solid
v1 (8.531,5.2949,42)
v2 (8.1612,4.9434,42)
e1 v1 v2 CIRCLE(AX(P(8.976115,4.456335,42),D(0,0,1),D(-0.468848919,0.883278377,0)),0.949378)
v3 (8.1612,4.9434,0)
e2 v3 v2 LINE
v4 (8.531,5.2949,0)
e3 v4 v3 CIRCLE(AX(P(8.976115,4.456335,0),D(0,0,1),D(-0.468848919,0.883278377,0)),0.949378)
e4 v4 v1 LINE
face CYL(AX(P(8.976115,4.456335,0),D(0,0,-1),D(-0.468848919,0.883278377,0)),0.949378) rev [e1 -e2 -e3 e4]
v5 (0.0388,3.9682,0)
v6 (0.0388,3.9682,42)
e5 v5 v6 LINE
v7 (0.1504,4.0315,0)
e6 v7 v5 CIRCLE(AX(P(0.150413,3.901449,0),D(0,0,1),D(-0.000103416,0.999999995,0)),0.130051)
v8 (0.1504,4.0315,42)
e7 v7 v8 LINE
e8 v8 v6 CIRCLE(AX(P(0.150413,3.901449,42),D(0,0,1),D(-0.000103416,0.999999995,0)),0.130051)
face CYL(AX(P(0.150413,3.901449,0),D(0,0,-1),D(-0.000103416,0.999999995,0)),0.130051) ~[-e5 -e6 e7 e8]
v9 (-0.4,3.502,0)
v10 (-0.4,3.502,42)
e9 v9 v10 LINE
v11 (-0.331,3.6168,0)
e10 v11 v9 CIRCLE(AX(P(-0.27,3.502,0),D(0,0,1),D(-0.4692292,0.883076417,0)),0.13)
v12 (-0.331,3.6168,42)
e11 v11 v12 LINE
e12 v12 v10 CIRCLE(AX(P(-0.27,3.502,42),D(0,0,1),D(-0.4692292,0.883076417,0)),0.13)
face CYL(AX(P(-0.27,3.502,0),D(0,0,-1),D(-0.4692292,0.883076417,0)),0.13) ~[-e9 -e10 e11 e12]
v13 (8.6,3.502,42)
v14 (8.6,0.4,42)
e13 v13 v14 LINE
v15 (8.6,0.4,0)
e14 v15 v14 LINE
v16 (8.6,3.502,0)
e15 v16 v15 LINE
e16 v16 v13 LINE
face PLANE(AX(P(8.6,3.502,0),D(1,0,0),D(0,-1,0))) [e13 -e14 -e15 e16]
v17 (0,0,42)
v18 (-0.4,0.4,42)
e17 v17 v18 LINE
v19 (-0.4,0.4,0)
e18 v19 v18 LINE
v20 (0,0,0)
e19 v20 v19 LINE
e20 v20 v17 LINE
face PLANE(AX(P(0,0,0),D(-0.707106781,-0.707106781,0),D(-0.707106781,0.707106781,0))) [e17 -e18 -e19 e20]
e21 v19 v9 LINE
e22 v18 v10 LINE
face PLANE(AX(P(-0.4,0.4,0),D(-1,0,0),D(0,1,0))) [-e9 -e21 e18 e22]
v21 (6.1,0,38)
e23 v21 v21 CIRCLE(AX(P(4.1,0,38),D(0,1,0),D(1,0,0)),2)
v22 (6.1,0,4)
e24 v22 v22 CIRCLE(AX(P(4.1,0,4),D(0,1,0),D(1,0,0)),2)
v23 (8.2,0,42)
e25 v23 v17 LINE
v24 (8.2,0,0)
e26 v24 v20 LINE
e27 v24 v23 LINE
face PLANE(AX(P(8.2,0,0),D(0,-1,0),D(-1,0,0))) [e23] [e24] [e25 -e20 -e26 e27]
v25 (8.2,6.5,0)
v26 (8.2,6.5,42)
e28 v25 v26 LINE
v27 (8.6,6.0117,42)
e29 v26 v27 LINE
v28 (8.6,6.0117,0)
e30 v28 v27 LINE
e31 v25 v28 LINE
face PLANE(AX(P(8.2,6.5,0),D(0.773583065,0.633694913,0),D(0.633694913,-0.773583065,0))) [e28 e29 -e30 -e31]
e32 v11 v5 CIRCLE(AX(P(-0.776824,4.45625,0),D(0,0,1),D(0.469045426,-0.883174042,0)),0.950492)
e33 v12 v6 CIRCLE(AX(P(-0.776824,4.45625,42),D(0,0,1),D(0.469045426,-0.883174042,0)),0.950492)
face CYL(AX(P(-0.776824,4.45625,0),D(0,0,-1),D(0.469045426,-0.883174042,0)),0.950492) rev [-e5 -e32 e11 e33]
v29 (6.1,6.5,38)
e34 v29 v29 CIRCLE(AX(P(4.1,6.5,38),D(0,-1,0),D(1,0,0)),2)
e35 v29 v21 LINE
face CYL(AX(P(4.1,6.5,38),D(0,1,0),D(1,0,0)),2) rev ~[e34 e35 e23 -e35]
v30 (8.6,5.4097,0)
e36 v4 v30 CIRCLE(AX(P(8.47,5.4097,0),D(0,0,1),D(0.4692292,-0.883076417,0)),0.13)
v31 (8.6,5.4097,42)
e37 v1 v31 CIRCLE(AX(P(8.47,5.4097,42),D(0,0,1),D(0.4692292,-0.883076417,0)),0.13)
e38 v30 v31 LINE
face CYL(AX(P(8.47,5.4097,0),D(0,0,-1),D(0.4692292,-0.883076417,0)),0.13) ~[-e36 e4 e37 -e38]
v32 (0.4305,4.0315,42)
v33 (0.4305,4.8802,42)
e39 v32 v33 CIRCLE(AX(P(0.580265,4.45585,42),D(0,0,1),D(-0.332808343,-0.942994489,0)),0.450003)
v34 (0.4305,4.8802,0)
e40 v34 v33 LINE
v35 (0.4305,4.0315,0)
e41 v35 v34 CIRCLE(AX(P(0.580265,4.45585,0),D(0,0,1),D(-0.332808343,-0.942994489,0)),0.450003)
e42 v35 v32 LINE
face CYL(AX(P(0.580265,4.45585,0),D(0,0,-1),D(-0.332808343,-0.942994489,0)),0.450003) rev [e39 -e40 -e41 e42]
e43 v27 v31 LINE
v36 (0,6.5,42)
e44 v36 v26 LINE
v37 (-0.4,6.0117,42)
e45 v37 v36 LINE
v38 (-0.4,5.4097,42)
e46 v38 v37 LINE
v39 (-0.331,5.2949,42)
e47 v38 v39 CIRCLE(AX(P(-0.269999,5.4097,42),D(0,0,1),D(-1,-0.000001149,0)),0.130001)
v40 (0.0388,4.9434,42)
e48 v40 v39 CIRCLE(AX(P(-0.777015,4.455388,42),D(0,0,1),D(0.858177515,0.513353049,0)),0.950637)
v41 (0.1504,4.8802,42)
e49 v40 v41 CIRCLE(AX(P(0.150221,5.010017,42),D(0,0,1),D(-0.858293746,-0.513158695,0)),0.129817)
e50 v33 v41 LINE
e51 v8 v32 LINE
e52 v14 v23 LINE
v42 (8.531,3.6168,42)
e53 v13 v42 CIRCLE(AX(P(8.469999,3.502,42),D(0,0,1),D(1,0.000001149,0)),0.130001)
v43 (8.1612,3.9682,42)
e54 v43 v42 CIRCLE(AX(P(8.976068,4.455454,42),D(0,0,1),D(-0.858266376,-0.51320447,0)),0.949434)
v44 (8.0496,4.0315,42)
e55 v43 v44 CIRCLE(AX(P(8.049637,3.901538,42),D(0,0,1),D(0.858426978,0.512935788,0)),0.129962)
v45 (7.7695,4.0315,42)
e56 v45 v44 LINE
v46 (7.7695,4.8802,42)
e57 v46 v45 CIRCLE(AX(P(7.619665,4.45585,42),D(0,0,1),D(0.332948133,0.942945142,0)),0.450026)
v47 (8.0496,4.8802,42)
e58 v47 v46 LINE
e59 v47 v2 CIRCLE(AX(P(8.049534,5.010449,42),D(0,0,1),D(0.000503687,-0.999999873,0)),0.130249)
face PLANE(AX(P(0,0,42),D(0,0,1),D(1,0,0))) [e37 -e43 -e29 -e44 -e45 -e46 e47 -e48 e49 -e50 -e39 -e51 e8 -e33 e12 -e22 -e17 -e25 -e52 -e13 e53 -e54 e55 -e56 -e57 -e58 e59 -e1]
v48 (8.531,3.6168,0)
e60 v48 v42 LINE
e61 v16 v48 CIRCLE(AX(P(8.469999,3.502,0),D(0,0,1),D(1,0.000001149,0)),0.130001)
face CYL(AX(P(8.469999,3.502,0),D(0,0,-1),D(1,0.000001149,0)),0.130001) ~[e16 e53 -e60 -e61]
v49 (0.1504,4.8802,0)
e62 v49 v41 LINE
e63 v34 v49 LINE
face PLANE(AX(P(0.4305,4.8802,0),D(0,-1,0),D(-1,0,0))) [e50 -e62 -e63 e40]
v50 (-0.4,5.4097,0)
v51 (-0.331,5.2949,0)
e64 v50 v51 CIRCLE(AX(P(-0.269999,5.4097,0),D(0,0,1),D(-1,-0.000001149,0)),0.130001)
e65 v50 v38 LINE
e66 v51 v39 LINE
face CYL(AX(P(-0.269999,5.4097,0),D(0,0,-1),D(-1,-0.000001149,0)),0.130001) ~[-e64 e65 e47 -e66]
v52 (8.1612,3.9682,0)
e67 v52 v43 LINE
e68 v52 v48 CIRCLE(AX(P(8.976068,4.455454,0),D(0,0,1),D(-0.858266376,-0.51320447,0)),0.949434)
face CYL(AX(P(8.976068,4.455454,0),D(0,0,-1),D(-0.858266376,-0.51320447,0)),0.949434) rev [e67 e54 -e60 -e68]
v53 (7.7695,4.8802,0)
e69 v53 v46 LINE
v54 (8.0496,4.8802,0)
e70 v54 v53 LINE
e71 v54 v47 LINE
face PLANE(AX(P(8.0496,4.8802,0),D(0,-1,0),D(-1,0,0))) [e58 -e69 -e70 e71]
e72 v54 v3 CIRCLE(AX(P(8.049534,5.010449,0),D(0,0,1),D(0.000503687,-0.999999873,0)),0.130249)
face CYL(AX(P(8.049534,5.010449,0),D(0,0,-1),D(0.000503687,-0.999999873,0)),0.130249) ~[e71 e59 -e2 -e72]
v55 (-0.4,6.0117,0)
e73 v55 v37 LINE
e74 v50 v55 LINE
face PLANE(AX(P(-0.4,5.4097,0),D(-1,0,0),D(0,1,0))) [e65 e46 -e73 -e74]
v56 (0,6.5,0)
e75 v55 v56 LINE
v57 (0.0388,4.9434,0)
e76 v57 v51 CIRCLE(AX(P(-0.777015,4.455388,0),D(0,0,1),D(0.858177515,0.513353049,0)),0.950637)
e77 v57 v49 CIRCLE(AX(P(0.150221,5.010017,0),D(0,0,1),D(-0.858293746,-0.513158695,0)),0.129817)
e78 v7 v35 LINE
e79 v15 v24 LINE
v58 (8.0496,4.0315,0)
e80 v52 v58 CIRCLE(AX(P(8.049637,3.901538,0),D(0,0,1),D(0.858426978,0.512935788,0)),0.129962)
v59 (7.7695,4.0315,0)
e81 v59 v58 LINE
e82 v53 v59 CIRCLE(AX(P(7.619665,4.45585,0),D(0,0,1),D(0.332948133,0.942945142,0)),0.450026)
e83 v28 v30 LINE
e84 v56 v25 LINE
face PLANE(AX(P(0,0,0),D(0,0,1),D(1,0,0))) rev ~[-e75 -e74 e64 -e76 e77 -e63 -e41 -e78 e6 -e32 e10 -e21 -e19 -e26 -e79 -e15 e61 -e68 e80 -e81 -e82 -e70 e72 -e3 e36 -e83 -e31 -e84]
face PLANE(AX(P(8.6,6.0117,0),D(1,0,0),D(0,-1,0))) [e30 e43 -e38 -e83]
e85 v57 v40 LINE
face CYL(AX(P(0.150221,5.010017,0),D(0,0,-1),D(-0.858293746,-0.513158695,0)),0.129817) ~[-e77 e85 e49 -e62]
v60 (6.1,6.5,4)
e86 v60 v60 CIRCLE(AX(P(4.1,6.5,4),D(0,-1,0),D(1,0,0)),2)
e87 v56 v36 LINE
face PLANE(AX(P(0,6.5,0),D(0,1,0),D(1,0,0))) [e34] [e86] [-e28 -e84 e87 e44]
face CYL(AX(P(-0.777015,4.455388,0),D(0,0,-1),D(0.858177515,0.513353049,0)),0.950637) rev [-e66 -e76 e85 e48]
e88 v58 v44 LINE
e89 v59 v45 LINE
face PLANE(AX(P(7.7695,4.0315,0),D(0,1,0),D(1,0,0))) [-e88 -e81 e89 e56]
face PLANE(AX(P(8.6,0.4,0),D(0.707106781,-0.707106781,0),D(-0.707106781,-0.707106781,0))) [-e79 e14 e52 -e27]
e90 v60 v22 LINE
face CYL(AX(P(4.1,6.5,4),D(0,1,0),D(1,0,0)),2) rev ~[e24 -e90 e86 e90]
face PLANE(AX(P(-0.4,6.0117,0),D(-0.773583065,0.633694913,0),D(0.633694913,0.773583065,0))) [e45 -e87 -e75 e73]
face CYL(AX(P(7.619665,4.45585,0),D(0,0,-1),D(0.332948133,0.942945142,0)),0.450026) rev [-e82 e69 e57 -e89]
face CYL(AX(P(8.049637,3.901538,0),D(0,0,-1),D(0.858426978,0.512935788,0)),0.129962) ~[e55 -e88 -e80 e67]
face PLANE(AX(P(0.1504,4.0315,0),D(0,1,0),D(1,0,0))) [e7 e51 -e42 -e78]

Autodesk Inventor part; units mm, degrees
ref_plane "YZ Plane" through (0, 0, 0) normal (1, 0, 0) x (0, 1, 0)
ref_plane "XZ Plane" through (0, 0, 0) normal (0, 1, 0) x (-1, 0, 0)
ref_plane "XY Plane" through (0, 0, 0) normal (0, 0, 1) x (1, 0, 0)
sketch "Sketch1" plane through (0, 0, 0) normal (0, 0, 1) x (1, 0, 0)
  line L0 (8.2, 0) -> (0, 0)
  line L1 (8.6, 0.4) -> (8.2, 0)
  line L2 (8.6, 3.502) -> (8.6, 0.4)
  arc A0 (8.6, 3.502) -> (8.531, 3.6168) centre (8.47, 3.502) ccw
  arc A1 (8.1612, 3.9682) -> (8.531, 3.6168) centre (8.9765, 4.4558) ccw
  arc A2 (8.1612, 3.9682) -> (8.0496, 4.0315) centre (8.0496, 3.9015) ccw
  line L3 (7.7695, 4.0315) -> (8.0496, 4.0315)
  arc A3 (7.7695, 4.8802) -> (7.7695, 4.0315) centre (7.6197, 4.4558) ccw
  line L4 (8.0496, 4.8802) -> (7.7695, 4.8802)
  arc A4 (8.0496, 4.8802) -> (8.1612, 4.9434) centre (8.0496, 5.0102) ccw
  arc A5 (8.531, 5.2949) -> (8.1612, 4.9434) centre (8.9765, 4.4558) ccw
  arc A6 (8.531, 5.2949) -> (8.6, 5.4097) centre (8.47, 5.4097) ccw
  line L5 (8.6, 6.0117) -> (8.6, 5.4097)
  line L6 (8.2, 6.5) -> (8.6, 6.0117)
  line L7 (0, 6.5) -> (8.2, 6.5)
  line L8 (-0.4, 6.0117) -> (0, 6.5)
  line L9 (-0.4, 5.4097) -> (-0.4, 6.0117)
  arc A7 (-0.4, 5.4097) -> (-0.331, 5.2949) centre (-0.27, 5.4097) ccw
  arc A8 (0.0388, 4.9434) -> (-0.331, 5.2949) centre (-0.7765, 4.4558) ccw
  arc A9 (0.0388, 4.9434) -> (0.1504, 4.8802) centre (0.1504, 5.0102) ccw
  line L10 (0.4305, 4.8802) -> (0.1504, 4.8802)
  arc A10 (0.4305, 4.0315) -> (0.4305, 4.8802) centre (0.5803, 4.4558) ccw
  line L11 (0.1504, 4.0315) -> (0.4305, 4.0315)
  arc A11 (0.1504, 4.0315) -> (0.0388, 3.9682) centre (0.1504, 3.9015) ccw
  arc A12 (-0.331, 3.6168) -> (0.0388, 3.9682) centre (-0.7765, 4.4558) ccw
  arc A13 (-0.331, 3.6168) -> (-0.4, 3.502) centre (-0.27, 3.502) ccw
  line L12 (-0.4, 0.4) -> (-0.4, 3.502)
  line L13 (0, 0) -> (-0.4, 0.4)
  point P0 (4.1, 0)
extrude "Extrusion1" add sketch "Sketch1" along normal blind 42
sketch "Sketch2" plane through (0, 6.5, 0) normal (0, 1, 0) x (1, 0, 0)
  circle A0 centre (4.1, -4) radius 2
  circle A1 centre (4.1, -38) radius 2
  line L0 (8.2, 0) -> (0, 0) projected
  line L1 (4.1, 0) -> (4.1, -42)
  line L2 (8.2, -42) -> (0, -42) projected
  dimension "d2" = 4
  dimension "d3" = 4
  dimension "d4" = 4
  dimension "d5" = 4
extrude "Extrusion2" cut sketch "Sketch2" against normal blind 10
properties part number "mgn9_carriage_holder"
